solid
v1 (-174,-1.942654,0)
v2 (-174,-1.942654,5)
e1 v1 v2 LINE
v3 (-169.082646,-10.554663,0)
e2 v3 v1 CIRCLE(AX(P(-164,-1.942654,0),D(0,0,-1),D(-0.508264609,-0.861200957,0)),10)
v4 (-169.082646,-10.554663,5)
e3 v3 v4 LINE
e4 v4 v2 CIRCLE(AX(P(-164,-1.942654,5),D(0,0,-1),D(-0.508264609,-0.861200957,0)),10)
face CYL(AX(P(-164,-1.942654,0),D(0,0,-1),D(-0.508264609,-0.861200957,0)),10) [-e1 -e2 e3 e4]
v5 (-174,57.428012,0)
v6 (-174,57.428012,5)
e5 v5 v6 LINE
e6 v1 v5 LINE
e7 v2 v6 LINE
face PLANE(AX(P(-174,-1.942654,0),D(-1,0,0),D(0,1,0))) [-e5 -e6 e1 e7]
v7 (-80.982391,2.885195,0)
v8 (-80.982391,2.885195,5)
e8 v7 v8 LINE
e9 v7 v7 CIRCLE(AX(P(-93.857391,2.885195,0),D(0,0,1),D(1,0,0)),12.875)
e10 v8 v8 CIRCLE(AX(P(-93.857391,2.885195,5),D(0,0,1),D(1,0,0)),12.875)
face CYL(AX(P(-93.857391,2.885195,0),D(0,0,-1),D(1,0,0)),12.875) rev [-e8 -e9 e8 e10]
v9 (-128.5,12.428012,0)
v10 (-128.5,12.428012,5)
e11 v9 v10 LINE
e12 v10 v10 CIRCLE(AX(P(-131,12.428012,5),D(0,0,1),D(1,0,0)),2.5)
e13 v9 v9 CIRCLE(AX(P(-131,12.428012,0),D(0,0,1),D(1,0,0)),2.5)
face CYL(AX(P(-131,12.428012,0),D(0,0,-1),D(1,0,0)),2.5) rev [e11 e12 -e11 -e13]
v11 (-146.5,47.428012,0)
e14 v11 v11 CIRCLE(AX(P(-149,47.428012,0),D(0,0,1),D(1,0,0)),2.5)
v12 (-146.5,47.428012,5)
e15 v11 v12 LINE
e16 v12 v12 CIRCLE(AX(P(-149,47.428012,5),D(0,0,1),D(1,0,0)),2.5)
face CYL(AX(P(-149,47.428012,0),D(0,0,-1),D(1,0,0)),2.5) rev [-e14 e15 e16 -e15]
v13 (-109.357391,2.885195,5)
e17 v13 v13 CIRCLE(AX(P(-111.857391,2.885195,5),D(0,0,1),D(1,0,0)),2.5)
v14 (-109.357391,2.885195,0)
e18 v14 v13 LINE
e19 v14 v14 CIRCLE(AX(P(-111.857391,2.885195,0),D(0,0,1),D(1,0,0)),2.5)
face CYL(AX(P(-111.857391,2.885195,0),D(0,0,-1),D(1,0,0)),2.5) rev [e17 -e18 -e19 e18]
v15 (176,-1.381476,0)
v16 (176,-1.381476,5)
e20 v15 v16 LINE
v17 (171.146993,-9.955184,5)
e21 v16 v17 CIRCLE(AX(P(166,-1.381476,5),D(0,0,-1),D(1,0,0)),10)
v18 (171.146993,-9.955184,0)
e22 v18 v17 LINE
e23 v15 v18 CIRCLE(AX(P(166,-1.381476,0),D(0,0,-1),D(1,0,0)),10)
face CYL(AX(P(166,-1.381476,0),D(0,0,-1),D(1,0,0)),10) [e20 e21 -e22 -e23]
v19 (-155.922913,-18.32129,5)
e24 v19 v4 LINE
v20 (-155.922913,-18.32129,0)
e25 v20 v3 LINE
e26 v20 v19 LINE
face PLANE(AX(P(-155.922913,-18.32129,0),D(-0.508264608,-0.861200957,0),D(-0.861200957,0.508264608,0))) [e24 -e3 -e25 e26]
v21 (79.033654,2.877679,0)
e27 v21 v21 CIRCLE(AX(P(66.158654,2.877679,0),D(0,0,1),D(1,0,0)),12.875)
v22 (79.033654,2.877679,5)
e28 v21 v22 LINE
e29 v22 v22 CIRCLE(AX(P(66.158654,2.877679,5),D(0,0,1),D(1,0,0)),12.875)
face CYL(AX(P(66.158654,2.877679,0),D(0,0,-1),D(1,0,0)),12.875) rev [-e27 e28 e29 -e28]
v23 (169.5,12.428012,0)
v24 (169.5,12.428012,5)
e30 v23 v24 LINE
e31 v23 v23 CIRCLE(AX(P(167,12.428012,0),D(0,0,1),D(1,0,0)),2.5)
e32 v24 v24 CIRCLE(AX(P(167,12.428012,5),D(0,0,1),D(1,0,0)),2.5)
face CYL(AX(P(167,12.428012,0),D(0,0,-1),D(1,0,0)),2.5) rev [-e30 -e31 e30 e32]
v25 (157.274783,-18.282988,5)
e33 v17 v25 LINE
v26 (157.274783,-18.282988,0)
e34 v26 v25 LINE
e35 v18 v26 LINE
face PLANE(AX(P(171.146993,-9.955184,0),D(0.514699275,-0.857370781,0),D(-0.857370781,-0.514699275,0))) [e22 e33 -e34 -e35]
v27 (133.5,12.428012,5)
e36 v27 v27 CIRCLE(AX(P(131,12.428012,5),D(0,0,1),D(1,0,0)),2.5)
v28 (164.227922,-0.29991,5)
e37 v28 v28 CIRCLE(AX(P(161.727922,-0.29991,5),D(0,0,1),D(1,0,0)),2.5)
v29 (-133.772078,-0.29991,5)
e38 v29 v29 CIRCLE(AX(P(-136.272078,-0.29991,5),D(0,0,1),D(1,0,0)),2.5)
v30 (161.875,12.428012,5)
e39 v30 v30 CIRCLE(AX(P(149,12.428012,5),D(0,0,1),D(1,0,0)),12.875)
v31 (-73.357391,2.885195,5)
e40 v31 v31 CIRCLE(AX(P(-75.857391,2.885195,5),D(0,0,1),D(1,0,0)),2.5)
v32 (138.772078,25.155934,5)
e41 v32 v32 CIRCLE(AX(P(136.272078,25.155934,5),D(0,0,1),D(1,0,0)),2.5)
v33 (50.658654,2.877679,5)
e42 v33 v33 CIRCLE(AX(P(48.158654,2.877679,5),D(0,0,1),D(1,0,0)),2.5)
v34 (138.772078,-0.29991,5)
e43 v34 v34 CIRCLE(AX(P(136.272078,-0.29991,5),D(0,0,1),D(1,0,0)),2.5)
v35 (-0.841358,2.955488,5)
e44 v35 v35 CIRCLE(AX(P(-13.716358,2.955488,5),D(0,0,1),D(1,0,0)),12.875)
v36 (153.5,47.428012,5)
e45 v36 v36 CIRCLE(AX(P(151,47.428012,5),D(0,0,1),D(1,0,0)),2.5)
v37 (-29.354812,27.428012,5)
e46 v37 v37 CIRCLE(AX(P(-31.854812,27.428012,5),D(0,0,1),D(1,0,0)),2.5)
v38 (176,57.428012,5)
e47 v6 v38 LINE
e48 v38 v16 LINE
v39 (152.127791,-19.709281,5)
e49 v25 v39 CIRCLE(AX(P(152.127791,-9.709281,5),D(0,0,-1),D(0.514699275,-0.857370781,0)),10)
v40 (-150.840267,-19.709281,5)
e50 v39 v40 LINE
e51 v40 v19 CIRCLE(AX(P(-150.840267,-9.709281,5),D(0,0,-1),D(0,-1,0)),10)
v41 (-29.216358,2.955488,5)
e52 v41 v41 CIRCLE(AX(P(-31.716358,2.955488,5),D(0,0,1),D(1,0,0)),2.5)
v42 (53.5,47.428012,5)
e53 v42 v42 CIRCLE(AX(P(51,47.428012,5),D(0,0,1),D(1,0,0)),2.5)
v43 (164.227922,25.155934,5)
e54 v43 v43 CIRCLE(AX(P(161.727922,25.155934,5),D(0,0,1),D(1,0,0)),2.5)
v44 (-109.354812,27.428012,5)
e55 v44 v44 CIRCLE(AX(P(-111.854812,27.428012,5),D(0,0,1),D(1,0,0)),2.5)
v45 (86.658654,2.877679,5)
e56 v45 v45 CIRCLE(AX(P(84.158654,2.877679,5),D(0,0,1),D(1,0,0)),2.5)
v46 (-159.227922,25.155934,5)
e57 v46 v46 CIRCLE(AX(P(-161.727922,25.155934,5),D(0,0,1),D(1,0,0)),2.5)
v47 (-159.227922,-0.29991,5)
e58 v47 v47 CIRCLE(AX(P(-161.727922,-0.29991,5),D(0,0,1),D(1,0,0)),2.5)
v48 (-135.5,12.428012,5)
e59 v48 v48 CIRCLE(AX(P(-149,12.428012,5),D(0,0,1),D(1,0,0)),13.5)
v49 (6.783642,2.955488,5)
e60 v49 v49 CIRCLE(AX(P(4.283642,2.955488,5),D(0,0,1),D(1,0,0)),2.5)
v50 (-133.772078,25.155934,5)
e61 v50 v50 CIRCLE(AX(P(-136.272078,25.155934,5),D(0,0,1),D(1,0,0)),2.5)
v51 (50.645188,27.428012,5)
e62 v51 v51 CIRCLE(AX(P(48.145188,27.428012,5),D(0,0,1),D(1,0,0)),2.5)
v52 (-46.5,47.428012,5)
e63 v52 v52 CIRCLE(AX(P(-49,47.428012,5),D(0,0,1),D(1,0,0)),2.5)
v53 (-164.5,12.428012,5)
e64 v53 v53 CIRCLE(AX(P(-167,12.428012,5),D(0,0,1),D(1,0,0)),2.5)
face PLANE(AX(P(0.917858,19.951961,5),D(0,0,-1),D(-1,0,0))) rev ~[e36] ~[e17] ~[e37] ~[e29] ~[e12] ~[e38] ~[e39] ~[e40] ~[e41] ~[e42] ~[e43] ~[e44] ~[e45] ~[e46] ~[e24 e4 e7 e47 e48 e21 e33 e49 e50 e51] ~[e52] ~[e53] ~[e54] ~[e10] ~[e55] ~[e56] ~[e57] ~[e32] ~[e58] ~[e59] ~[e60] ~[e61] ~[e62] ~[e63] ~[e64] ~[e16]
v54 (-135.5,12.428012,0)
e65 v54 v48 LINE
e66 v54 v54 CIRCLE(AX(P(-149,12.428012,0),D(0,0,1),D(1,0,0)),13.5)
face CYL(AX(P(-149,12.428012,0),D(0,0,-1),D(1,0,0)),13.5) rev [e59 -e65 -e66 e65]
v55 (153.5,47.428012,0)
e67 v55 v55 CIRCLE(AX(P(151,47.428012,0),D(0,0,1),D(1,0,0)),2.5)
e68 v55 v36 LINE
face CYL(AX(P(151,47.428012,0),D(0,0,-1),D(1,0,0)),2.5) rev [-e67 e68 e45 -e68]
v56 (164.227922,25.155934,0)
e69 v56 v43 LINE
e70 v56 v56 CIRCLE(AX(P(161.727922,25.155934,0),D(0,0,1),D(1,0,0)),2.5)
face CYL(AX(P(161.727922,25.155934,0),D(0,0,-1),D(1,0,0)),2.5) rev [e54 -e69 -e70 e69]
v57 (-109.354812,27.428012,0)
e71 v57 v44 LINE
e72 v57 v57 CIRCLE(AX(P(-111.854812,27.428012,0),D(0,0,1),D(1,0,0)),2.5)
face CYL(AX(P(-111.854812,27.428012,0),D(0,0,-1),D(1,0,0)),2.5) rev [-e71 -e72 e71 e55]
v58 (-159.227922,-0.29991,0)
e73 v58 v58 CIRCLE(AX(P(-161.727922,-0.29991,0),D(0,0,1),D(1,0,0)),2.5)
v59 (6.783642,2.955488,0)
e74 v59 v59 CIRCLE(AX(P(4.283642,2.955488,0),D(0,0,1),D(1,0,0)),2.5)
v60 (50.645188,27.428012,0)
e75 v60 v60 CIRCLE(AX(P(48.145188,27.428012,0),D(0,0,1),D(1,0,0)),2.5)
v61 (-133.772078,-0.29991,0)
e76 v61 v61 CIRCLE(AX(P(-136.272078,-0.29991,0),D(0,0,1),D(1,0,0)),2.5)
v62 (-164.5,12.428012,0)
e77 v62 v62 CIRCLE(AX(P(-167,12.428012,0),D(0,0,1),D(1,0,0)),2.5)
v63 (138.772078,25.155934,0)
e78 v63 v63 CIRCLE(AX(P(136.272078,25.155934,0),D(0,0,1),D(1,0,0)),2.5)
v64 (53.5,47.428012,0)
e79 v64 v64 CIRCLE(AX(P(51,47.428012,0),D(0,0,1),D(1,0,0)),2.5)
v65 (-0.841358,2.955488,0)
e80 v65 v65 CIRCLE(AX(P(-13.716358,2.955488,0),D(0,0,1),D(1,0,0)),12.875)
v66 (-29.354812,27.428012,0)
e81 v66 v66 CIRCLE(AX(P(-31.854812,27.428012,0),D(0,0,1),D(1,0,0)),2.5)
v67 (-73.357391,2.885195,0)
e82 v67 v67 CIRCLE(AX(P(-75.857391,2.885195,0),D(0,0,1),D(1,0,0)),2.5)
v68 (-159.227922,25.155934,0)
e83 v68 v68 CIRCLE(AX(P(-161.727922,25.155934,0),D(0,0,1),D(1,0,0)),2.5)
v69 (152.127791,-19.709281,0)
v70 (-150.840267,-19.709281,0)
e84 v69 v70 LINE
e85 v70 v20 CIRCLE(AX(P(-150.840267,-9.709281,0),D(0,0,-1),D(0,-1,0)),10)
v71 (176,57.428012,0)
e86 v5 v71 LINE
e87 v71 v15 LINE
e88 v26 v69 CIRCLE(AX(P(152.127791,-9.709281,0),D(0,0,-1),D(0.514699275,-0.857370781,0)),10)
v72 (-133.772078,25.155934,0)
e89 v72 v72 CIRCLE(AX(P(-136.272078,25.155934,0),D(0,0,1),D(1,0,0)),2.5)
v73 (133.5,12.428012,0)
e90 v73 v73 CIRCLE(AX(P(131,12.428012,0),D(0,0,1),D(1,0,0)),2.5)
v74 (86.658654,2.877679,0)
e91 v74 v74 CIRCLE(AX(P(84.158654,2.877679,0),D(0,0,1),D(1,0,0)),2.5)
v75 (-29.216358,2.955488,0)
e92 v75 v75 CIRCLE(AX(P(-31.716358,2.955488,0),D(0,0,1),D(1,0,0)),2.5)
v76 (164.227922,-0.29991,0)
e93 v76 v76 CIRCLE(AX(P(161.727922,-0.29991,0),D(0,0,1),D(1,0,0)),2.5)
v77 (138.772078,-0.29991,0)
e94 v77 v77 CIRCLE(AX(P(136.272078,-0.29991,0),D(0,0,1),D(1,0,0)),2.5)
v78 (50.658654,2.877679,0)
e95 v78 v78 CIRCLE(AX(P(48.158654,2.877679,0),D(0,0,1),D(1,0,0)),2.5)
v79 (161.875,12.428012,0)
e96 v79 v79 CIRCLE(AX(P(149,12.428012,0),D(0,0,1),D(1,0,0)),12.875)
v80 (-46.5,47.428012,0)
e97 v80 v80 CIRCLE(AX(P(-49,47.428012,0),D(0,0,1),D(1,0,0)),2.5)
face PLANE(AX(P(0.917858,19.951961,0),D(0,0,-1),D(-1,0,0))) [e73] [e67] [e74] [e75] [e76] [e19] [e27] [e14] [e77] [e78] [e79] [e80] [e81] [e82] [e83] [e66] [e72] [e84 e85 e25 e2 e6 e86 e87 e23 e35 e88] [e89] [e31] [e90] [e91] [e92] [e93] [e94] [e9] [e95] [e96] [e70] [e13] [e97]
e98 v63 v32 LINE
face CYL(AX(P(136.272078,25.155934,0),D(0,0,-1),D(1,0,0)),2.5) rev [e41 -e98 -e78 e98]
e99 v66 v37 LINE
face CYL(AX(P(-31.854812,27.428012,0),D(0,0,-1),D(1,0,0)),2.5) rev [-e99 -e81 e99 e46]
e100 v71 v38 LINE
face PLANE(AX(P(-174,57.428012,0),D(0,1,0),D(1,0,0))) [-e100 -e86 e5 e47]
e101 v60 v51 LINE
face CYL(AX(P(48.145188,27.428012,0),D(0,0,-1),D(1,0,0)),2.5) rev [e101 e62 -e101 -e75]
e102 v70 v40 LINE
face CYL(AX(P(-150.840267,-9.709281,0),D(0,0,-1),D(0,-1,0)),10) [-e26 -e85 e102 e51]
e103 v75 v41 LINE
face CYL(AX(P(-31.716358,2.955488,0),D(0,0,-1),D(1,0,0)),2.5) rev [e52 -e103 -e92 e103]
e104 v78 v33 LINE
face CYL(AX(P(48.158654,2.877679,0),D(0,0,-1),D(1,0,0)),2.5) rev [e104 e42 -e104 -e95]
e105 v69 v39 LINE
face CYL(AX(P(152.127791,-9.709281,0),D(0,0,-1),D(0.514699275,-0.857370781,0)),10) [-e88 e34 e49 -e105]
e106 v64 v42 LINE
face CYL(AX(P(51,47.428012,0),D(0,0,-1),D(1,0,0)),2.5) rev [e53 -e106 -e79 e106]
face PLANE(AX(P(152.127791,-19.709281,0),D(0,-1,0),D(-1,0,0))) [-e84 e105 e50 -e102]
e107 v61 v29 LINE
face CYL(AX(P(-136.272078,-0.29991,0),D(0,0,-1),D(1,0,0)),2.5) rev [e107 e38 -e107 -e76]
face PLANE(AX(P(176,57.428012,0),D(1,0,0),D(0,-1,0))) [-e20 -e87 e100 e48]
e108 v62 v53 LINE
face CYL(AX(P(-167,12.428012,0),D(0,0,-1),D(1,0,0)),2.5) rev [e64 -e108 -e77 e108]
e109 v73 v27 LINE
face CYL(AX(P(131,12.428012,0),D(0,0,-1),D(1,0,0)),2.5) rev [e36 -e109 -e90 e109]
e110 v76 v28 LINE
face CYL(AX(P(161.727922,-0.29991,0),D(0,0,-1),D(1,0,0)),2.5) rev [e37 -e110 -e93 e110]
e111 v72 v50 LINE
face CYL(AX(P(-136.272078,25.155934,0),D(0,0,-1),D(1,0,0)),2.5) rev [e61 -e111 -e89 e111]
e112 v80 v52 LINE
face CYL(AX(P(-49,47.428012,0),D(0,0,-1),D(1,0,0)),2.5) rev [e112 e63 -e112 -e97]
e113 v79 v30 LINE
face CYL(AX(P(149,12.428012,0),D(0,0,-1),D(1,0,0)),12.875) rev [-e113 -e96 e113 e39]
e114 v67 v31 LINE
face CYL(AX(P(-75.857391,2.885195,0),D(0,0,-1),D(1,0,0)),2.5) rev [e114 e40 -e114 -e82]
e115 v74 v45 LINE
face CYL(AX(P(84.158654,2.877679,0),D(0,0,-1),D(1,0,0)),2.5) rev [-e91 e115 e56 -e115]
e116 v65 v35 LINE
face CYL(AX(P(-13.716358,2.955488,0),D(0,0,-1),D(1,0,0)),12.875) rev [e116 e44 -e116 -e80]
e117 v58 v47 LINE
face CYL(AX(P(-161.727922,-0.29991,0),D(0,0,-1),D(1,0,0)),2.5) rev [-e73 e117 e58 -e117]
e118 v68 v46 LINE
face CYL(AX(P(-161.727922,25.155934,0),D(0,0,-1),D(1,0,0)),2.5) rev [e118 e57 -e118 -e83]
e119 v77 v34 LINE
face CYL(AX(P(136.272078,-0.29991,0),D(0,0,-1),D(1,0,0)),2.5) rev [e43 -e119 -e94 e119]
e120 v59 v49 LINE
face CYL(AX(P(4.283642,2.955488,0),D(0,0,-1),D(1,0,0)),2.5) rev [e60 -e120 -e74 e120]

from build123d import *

# Parameters (mm, degrees)
SKETCH_1_R      = 2.5
SKETCH_1_R_2    = 12.875
SKETCH_1_R_3    = 13.5
EXTRUDE_1_DEPTH = 5


with BuildPart() as part:
    # 草圖1 → 填料-伸長1 (new body)
    with BuildSketch(Plane.XY):
        with BuildLine():
            Line((-174, 57.428011653), (176, 57.428011653))
            Line((176, 57.428011653), (176, 7.612503487))
            Line((176, 7.612503487), (176, -1.381476285))
            ThreePointArc((176, -1.381476285), (174.702583739, -6.307431651), (171.146992746, -9.955184098))
            Line((171.146992746, -9.955184098), (157.274783453, -18.282988376))
            ThreePointArc((157.274783453, -18.282988376), (154.798270239, -19.346112982), (152.127790707, -19.709280563))
            Line((152.127790707, -19.709280563), (-150.840267353, -19.709280563))
            ThreePointArc((-150.840267353, -19.709280563), (-153.474646249, -19.356044157), (-155.922913438, -18.32129013))
            Line((-155.922913438, -18.32129013), (-169.082646085, -10.55466341))
            ThreePointArc((-169.082646085, -10.55466341), (-172.684079135, -6.901158615), (-174, -1.942653843))
            Line((-174, -1.942653843), (-174, 0.523128234))
            Line((-174, 0.523128234), (-174, 7.612503487))
            Line((-174, 7.612503487), (-174, 57.428011653))
        make_face()
        with Locations((131, 12.428011653)):
            Circle(SKETCH_1_R, mode=Mode.SUBTRACT)
        with Locations((167, 12.428011653)):
            Circle(SKETCH_1_R, mode=Mode.SUBTRACT)
        with Locations((149, 12.428011653)):
            Circle(SKETCH_1_R_2, mode=Mode.SUBTRACT)
        with Locations((-149, 12.428011653)):
            Circle(SKETCH_1_R_3, mode=Mode.SUBTRACT)
        with Locations((-136.272077939, 25.155933714)):
            Circle(SKETCH_1_R, mode=Mode.SUBTRACT)
        with Locations((-161.727922061, 25.155933714)):
            Circle(SKETCH_1_R, mode=Mode.SUBTRACT)
        with Locations((-136.272077939, -0.299910409)):
            Circle(SKETCH_1_R, mode=Mode.SUBTRACT)
        with Locations((-161.727922061, -0.299910409)):
            Circle(SKETCH_1_R, mode=Mode.SUBTRACT)
        with Locations((-111.854812337, 27.428011653)):
            Circle(SKETCH_1_R, mode=Mode.SUBTRACT)
        with Locations((-31.854812337, 27.428011653)):
            Circle(SKETCH_1_R, mode=Mode.SUBTRACT)
        with Locations((48.145187663, 27.428011653)):
            Circle(SKETCH_1_R, mode=Mode.SUBTRACT)
        with Locations((-93.857391311, 2.88519493)):
            Circle(SKETCH_1_R_2, mode=Mode.SUBTRACT)
        with Locations((-75.857391311, 2.88519493)):
            Circle(SKETCH_1_R, mode=Mode.SUBTRACT)
        with Locations((-111.857391311, 2.88519493)):
            Circle(SKETCH_1_R, mode=Mode.SUBTRACT)
        with Locations((-31.716358152, 2.955487842)):
            Circle(SKETCH_1_R, mode=Mode.SUBTRACT)
        with Locations((-13.716358152, 2.955487842)):
            Circle(SKETCH_1_R_2, mode=Mode.SUBTRACT)
        with Locations((4.283641848, 2.955487842)):
            Circle(SKETCH_1_R, mode=Mode.SUBTRACT)
        with Locations((48.158653697, 2.877678962)):
            Circle(SKETCH_1_R, mode=Mode.SUBTRACT)
        with Locations((66.158653697, 2.877678962)):
            Circle(SKETCH_1_R_2, mode=Mode.SUBTRACT)
        with Locations((84.158653697, 2.877678962)):
            Circle(SKETCH_1_R, mode=Mode.SUBTRACT)
        with Locations((-149, 47.428011653)):
            Circle(SKETCH_1_R, mode=Mode.SUBTRACT)
        with Locations((-49, 47.428011653)):
            Circle(SKETCH_1_R, mode=Mode.SUBTRACT)
        with Locations((51, 47.428011653)):
            Circle(SKETCH_1_R, mode=Mode.SUBTRACT)
        with Locations((151, 47.428011653)):
            Circle(SKETCH_1_R, mode=Mode.SUBTRACT)
        with Locations((-167, 12.428011653)):
            Circle(SKETCH_1_R, mode=Mode.SUBTRACT)
        with Locations((-131, 12.428011653)):
            Circle(SKETCH_1_R, mode=Mode.SUBTRACT)
        with Locations((161.727922061, -0.299910409)):
            Circle(SKETCH_1_R, mode=Mode.SUBTRACT)
        with Locations((136.272077939, -0.299910409)):
            Circle(SKETCH_1_R, mode=Mode.SUBTRACT)
        with Locations((136.272077939, 25.155933714)):
            Circle(SKETCH_1_R, mode=Mode.SUBTRACT)
        with Locations((161.727922061, 25.155933714)):
            Circle(SKETCH_1_R, mode=Mode.SUBTRACT)
    extrude(amount=EXTRUDE_1_DEPTH)


solid = part.part
